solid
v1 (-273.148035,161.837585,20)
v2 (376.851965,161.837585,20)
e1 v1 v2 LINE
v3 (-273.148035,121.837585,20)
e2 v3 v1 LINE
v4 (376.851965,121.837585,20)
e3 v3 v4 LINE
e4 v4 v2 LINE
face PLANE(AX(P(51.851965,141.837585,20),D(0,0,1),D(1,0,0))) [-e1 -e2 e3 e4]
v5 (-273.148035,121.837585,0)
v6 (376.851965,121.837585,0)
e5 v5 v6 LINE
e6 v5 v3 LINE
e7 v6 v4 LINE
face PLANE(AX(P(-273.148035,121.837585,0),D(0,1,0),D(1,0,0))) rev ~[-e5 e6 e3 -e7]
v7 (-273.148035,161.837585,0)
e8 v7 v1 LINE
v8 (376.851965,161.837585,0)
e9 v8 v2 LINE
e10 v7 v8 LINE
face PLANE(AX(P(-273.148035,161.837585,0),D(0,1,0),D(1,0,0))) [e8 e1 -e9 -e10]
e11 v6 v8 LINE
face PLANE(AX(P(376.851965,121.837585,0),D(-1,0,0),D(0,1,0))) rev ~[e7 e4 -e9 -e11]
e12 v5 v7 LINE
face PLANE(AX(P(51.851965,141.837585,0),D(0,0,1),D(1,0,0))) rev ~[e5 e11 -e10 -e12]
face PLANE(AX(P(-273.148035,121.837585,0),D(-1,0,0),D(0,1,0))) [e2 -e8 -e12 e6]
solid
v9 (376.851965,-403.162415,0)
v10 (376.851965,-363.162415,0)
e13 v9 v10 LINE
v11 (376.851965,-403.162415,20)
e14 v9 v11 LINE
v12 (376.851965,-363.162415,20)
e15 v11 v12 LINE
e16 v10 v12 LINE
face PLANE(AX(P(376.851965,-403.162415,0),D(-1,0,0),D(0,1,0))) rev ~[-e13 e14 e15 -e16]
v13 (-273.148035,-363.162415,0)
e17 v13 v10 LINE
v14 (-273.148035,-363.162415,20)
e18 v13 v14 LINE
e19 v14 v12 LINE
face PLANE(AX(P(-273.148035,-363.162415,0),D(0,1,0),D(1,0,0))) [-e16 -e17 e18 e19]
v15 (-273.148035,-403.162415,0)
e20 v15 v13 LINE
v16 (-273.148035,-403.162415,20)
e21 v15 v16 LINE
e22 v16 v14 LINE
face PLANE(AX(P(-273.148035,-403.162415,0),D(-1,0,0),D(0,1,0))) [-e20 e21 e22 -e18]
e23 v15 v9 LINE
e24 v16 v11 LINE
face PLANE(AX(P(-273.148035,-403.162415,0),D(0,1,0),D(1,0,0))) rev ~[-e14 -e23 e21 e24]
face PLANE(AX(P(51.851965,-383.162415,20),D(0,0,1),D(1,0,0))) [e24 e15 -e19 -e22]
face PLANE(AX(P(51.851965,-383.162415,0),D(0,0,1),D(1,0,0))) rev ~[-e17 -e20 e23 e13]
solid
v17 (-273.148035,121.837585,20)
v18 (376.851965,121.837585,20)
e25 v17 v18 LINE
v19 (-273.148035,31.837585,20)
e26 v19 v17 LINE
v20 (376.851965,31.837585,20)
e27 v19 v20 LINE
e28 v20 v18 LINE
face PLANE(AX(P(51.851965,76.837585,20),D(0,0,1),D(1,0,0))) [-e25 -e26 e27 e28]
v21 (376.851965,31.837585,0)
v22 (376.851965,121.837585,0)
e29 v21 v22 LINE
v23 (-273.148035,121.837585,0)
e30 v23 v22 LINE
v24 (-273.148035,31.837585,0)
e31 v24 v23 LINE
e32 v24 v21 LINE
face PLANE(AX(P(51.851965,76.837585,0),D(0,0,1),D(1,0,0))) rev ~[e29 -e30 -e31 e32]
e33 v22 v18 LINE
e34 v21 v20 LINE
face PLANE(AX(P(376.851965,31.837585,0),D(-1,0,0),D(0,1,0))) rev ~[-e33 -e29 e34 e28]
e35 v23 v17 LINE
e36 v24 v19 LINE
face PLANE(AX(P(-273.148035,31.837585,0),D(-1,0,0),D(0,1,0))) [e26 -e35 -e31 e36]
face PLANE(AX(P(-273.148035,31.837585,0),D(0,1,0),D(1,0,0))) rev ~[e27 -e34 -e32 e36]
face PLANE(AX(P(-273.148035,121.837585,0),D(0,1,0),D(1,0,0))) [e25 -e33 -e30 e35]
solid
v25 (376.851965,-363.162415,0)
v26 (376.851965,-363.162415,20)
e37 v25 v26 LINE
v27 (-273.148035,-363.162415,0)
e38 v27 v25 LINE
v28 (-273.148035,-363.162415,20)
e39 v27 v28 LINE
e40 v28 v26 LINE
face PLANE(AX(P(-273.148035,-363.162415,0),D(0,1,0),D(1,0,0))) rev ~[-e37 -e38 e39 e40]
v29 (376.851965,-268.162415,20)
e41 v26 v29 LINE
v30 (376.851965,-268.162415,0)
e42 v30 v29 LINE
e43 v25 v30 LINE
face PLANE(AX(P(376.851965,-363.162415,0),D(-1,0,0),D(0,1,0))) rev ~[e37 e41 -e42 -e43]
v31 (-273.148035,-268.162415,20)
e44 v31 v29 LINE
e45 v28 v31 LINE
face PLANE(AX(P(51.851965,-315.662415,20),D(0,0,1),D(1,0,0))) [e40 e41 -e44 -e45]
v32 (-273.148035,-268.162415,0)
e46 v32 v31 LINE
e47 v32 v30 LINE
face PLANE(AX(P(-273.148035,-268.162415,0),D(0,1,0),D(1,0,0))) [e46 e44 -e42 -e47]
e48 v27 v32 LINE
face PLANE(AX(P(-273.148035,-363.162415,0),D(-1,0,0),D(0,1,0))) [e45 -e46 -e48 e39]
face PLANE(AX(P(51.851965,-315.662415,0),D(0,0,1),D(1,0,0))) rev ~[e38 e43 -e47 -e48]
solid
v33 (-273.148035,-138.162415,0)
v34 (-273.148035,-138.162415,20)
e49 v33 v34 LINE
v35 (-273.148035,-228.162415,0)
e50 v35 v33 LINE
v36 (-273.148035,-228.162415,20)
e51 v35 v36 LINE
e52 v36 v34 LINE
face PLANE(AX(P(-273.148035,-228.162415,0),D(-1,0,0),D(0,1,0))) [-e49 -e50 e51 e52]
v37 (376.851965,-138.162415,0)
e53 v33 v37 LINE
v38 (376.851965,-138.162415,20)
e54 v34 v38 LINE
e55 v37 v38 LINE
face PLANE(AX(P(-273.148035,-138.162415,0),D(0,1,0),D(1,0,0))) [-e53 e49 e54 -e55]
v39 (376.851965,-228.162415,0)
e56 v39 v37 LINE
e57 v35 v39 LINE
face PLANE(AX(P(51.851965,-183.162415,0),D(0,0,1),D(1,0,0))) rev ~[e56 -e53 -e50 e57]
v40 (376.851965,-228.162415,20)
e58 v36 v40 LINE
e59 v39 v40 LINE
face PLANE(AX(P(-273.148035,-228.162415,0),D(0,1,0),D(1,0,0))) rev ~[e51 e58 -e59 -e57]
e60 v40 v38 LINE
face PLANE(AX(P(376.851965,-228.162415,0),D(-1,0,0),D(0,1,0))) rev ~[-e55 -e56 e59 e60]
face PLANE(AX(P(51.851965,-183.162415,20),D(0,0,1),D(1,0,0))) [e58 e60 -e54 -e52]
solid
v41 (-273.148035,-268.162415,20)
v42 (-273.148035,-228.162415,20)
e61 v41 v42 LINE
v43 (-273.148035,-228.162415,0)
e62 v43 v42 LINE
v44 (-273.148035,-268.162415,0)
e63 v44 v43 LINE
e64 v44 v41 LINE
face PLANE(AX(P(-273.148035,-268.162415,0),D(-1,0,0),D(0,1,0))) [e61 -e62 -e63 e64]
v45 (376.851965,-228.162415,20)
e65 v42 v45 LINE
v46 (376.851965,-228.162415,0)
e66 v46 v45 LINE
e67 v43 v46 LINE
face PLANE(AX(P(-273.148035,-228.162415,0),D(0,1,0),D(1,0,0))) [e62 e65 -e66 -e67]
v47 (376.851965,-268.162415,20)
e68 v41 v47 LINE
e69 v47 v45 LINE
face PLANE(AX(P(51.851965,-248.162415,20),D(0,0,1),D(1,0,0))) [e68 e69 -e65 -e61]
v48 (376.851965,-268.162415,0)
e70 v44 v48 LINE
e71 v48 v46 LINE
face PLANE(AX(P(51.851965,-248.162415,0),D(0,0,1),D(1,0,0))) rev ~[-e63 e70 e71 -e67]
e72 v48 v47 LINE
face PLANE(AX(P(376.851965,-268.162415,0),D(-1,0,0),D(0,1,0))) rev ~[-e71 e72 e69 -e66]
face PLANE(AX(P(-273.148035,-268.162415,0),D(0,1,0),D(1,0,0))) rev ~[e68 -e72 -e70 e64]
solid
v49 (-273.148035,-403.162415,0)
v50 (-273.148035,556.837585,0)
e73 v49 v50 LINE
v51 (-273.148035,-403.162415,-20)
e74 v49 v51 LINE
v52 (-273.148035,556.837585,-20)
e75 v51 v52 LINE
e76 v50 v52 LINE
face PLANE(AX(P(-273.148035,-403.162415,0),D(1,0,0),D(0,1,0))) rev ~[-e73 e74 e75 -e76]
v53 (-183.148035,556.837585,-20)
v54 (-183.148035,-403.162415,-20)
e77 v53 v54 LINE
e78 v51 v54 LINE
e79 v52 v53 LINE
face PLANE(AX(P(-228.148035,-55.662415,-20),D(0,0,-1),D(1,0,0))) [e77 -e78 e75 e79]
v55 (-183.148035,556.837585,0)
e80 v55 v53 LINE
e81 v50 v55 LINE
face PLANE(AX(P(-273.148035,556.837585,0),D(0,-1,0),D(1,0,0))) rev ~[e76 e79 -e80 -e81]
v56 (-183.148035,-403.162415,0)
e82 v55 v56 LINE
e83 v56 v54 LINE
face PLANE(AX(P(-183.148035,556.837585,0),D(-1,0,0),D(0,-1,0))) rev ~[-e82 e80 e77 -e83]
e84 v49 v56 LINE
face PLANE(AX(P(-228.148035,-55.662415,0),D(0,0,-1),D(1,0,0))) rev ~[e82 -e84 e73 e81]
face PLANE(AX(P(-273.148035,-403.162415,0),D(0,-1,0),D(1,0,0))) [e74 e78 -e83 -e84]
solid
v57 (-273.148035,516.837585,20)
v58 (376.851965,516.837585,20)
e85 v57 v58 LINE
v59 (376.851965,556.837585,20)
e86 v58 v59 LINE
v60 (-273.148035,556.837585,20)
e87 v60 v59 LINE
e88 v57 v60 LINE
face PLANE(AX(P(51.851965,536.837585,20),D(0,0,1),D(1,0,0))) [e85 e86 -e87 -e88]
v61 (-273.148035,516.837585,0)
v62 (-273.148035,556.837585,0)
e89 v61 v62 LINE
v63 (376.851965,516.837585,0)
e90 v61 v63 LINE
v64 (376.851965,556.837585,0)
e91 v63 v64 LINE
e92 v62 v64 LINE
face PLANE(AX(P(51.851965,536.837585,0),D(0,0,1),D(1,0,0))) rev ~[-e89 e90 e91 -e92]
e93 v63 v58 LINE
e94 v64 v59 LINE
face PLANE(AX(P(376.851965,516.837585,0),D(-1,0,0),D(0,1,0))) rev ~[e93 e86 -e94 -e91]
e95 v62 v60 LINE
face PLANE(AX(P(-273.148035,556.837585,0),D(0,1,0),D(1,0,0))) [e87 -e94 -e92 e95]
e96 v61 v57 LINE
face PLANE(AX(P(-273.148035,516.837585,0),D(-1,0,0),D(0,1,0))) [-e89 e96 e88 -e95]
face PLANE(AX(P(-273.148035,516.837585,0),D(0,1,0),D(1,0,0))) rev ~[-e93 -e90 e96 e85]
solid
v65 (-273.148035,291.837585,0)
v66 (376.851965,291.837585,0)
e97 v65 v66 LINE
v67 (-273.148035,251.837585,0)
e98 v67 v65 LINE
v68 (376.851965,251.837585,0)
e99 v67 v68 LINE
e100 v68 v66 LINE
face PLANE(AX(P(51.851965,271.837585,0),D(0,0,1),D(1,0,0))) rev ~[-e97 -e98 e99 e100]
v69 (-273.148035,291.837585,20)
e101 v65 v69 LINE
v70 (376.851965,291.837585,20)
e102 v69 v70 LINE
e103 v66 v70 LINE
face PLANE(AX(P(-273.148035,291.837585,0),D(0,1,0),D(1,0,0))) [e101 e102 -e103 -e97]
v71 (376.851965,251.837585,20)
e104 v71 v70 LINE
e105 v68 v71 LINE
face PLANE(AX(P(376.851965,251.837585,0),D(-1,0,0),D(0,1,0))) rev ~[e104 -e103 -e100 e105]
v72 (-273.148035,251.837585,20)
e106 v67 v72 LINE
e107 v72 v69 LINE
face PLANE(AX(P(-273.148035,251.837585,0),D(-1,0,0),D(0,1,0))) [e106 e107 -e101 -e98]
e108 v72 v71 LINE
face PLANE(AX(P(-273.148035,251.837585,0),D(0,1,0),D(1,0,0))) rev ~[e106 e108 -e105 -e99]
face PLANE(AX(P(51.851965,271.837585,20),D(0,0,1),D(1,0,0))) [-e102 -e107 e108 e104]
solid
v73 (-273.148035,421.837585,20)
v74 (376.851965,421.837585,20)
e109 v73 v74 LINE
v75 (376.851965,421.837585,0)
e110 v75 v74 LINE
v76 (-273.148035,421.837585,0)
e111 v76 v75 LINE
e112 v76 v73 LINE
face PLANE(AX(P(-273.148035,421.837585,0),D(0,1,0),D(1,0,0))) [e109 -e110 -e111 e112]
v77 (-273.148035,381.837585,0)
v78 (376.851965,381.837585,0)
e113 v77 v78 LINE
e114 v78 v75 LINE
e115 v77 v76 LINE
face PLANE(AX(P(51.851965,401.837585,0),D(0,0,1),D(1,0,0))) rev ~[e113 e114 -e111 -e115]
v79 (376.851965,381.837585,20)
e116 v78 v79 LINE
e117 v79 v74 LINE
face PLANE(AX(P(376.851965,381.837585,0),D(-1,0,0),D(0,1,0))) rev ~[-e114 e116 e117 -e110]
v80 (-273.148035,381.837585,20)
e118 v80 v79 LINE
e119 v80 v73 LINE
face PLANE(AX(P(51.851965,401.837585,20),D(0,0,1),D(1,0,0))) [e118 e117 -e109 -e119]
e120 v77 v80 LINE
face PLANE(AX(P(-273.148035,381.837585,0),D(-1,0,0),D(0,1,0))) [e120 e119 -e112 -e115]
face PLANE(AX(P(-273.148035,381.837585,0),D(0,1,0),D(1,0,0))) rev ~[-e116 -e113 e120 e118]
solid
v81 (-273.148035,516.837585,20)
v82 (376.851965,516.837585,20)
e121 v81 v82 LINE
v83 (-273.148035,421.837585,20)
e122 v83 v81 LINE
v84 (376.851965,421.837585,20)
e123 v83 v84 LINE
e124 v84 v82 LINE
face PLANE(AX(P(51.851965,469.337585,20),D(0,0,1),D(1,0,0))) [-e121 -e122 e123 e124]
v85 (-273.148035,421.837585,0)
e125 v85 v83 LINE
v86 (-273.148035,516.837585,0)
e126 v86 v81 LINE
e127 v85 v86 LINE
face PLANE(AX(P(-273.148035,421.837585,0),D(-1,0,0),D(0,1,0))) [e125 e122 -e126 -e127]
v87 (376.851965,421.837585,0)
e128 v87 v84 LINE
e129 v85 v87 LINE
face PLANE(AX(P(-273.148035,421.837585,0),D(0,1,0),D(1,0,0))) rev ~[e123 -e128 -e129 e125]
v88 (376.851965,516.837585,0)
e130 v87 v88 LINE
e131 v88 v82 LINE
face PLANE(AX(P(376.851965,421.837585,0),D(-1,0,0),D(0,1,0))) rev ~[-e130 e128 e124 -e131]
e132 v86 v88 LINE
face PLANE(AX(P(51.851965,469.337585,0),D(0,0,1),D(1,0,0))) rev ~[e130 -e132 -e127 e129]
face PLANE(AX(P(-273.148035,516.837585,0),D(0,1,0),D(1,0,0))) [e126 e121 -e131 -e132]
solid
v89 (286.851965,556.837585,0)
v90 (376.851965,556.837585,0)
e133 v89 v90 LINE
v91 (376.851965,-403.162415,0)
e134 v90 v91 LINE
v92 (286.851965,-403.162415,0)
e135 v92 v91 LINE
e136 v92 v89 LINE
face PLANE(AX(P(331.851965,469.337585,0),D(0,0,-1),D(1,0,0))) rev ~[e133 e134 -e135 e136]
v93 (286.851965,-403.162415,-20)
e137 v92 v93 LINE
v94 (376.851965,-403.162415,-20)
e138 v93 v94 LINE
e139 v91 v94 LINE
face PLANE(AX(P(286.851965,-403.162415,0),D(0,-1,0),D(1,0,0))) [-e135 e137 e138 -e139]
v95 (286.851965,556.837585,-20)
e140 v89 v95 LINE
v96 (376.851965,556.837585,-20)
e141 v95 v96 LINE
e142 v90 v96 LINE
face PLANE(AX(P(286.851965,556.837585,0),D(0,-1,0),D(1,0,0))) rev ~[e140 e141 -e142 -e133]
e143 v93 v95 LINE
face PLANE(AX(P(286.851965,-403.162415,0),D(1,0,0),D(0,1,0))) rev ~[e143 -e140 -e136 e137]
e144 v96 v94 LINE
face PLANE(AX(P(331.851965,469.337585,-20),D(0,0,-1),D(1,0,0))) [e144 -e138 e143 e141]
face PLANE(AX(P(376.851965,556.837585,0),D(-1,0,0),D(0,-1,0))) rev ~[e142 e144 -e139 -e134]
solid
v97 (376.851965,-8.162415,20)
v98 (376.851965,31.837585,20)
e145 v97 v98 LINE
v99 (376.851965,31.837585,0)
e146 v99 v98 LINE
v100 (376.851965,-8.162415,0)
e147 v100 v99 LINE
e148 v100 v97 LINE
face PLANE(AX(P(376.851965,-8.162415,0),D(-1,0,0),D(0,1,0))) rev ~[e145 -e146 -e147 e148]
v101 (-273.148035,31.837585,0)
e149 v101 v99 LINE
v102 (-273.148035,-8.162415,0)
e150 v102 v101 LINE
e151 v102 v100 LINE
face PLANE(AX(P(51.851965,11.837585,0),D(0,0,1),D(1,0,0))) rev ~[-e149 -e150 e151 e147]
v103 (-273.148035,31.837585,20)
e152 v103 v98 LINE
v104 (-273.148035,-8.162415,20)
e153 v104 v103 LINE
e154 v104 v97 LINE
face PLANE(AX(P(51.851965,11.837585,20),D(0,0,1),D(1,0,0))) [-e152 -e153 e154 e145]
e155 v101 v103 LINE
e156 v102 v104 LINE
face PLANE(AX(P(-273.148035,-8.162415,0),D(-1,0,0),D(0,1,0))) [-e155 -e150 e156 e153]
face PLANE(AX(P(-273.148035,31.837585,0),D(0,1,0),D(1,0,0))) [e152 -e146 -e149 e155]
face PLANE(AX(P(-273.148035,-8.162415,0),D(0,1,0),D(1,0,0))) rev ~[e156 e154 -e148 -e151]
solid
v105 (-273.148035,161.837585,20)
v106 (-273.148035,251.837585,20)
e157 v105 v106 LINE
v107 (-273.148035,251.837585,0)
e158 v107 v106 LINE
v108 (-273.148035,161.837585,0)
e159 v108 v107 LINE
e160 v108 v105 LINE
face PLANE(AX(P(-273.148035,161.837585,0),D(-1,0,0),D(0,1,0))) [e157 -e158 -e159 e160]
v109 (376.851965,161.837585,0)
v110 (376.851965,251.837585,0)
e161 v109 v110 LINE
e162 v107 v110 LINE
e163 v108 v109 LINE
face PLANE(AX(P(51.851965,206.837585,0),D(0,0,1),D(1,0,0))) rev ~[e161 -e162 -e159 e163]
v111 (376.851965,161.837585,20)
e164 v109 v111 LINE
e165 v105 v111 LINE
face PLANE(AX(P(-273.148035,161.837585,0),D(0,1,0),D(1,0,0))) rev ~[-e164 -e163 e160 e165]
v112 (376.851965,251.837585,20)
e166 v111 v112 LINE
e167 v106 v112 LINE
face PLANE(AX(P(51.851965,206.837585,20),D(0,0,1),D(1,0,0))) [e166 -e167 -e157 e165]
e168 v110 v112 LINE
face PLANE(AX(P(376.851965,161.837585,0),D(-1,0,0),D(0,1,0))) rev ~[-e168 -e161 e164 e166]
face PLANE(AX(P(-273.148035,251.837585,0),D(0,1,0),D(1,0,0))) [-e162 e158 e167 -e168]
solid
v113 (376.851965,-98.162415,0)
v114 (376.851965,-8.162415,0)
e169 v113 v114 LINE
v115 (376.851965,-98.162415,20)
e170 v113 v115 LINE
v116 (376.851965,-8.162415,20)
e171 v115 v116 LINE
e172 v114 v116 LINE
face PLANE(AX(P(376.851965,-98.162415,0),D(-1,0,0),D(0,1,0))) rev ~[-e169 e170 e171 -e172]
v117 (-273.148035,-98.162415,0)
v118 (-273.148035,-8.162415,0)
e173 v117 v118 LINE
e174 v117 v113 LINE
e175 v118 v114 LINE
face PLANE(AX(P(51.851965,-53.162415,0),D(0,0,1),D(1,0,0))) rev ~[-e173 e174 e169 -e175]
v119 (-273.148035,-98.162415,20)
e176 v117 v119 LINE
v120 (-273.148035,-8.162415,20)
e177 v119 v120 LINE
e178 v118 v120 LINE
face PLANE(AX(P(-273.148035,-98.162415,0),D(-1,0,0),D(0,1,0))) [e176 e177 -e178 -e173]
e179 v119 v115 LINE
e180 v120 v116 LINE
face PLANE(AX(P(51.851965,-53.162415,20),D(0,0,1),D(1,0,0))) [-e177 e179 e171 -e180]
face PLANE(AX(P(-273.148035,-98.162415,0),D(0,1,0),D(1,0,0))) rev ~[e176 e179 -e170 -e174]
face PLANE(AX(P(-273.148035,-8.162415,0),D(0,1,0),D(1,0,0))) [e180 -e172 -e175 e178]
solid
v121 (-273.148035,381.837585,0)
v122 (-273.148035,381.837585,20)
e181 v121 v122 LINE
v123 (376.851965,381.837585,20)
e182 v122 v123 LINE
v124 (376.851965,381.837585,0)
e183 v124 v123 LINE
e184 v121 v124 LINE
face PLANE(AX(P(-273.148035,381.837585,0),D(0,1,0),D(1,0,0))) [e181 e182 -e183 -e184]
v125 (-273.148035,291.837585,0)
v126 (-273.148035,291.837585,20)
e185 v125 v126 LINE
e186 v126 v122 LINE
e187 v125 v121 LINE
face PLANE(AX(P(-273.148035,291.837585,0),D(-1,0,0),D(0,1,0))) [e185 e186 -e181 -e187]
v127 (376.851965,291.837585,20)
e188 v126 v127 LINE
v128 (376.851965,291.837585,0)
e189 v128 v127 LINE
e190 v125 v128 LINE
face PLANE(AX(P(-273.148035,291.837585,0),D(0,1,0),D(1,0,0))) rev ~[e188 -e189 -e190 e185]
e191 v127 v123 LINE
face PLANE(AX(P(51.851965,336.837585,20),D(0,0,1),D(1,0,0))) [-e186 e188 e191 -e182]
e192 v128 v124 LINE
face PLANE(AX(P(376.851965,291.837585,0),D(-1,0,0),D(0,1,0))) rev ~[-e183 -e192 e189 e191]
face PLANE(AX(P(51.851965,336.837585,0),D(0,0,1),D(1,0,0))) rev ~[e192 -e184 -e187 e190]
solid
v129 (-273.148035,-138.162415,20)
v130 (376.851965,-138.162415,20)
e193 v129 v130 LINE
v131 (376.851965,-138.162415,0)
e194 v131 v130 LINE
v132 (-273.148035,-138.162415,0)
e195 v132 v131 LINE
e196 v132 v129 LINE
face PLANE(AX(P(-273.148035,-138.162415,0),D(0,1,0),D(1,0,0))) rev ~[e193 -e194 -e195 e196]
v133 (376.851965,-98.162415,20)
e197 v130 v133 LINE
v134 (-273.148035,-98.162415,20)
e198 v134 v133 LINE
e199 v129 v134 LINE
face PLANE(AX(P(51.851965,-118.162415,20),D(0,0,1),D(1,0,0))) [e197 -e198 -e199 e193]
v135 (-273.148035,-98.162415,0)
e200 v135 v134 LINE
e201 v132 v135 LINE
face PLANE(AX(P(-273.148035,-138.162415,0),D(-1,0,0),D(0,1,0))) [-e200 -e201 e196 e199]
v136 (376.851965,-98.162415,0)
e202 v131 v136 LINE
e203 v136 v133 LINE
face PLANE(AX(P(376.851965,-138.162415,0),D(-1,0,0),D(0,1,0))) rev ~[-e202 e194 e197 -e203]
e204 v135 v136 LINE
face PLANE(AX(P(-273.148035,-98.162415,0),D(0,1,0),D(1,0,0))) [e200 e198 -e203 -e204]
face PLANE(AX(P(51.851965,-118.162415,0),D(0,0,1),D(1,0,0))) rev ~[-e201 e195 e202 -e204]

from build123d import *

# Parameters (mm, degrees)
F0_W     = 650
F0_H     = 40
F1_DEPTH = 20
F0_H_2   = 95
F2_DEPTH = 20
F0_H_3   = 90
F3_W     = 90
F3_H     = 175
F3_H_2   = 90
F3_H_3   = 695
F4_DEPTH = 20


with BuildPart() as f1:
    # F0 (on Top) → F1 (new body)
    with BuildSketch(Plane.XY):
        with Locations((51.8519654549, 536.8375853449)):
            Rectangle(F0_W, F0_H)
    extrude(amount=F1_DEPTH)


with BuildPart() as f1b:
    # F0 (on Top) → F1, piece 2 (new body)
    with BuildSketch(Plane.XY):
        with Locations((51.8519654549, 401.8375853449)):
            Rectangle(F0_W, F0_H)
    extrude(amount=F1_DEPTH)


with BuildPart() as f1c:
    # F0 (on Top) → F1, piece 3 (new body)
    with BuildSketch(Plane.XY):
        with Locations((51.8519654549, 271.8375853449)):
            Rectangle(F0_W, F0_H)
    extrude(amount=F1_DEPTH)


with BuildPart() as f1d:
    # F0 (on Top) → F1, piece 4 (new body)
    with BuildSketch(Plane.XY):
        with Locations((51.8519654549, 141.8375853449)):
            Rectangle(F0_W, F0_H)
    extrude(amount=F1_DEPTH)


with BuildPart() as f1e:
    # F0 (on Top) → F1, piece 5 (new body)
    with BuildSketch(Plane.XY):
        with Locations((51.8519654549, 11.8375853449)):
            Rectangle(F0_W, F0_H)
    extrude(amount=F1_DEPTH)


with BuildPart() as f1f:
    # F0 (on Top) → F1, piece 6 (new body)
    with BuildSketch(Plane.XY):
        with Locations((51.8519654549, -118.1624146551)):
            Rectangle(F0_W, F0_H)
    extrude(amount=F1_DEPTH)


with BuildPart() as f1g:
    # F0 (on Top) → F1, piece 7 (new body)
    with BuildSketch(Plane.XY):
        with Locations((51.8519654549, -248.1624146551)):
            Rectangle(F0_W, F0_H)
    extrude(amount=F1_DEPTH)


with BuildPart() as f1h:
    # F0 (on Top) → F1, piece 8 (new body)
    with BuildSketch(Plane.XY):
        with Locations((51.8519654549, -383.1624146551)):
            Rectangle(F0_W, F0_H)
    extrude(amount=F1_DEPTH)


with BuildPart() as f2:
    # F0 (on Top) → F2 (new body)
    with BuildSketch(Plane.XY):
        with Locations((51.8519654549, 469.3375853449)):
            Rectangle(F0_W, F0_H_2)
    extrude(amount=F2_DEPTH)


with BuildPart() as f2b:
    # F0 (on Top) → F2, piece 2 (new body)
    with BuildSketch(Plane.XY):
        with Locations((51.8519654549, 336.8375853449)):
            Rectangle(F0_W, F0_H_3)
    extrude(amount=F2_DEPTH)


with BuildPart() as f2c:
    # F0 (on Top) → F2, piece 3 (new body)
    with BuildSketch(Plane.XY):
        with Locations((51.8519654549, 206.8375853449)):
            Rectangle(F0_W, F0_H_3)
    extrude(amount=F2_DEPTH)


with BuildPart() as f2d:
    # F0 (on Top) → F2, piece 4 (new body)
    with BuildSketch(Plane.XY):
        with Locations((51.8519654549, 76.8375853449)):
            Rectangle(F0_W, F0_H_3)
    extrude(amount=F2_DEPTH)


with BuildPart() as f2e:
    # F0 (on Top) → F2, piece 5 (new body)
    with BuildSketch(Plane.XY):
        with Locations((51.8519654549, -53.1624146551)):
            Rectangle(F0_W, F0_H_3)
    extrude(amount=F2_DEPTH)


with BuildPart() as f2f:
    # F0 (on Top) → F2, piece 6 (new body)
    with BuildSketch(Plane.XY):
        with Locations((51.8519654549, -183.1624146551)):
            Rectangle(F0_W, F0_H_3)
    extrude(amount=F2_DEPTH)


with BuildPart() as f2g:
    # F0 (on Top) → F2, piece 7 (new body)
    with BuildSketch(Plane.XY):
        with Locations((51.8519654549, -315.6624146551)):
            Rectangle(F0_W, F0_H_2)
    extrude(amount=F2_DEPTH)


with BuildPart() as f4:
    # F3 (on face) → F4 (new body)
    with BuildSketch(Plane(origin=(0, 0, 0), x_dir=(1, 0, 0), z_dir=(0, 0, -1))):
        with Locations((331.8519654549, -469.3375853449)):
            Rectangle(F3_W, F3_H)
        with Locations((331.8519654549, -336.8375853449)):
            Rectangle(F3_W, F3_H_2)
        with Locations((331.8519654549, 55.6624146551)):
            Rectangle(F3_W, F3_H_3)
    extrude(amount=F4_DEPTH)


with BuildPart() as f4b:
    # F3 (on face) → F4, piece 2 (new body)
    with BuildSketch(Plane(origin=(0, 0, 0), x_dir=(1, 0, 0), z_dir=(0, 0, -1))):
        with Locations((-228.1480345451, 55.6624146551)):
            Rectangle(F3_W, F3_H_3)
        with Locations((-228.1480345451, -336.8375853449)):
            Rectangle(F3_W, F3_H_2)
        with Locations((-228.1480345451, -469.3375853449)):
            Rectangle(F3_W, F3_H)
    extrude(amount=F4_DEPTH)


solid = Compound([f1.part, f1b.part, f1c.part, f1d.part, f1e.part, f1f.part, f1g.part, f1h.part, f2.part, f2b.part, f2c.part, f2d.part, f2e.part, f2f.part, f2g.part, f4.part, f4b.part])
